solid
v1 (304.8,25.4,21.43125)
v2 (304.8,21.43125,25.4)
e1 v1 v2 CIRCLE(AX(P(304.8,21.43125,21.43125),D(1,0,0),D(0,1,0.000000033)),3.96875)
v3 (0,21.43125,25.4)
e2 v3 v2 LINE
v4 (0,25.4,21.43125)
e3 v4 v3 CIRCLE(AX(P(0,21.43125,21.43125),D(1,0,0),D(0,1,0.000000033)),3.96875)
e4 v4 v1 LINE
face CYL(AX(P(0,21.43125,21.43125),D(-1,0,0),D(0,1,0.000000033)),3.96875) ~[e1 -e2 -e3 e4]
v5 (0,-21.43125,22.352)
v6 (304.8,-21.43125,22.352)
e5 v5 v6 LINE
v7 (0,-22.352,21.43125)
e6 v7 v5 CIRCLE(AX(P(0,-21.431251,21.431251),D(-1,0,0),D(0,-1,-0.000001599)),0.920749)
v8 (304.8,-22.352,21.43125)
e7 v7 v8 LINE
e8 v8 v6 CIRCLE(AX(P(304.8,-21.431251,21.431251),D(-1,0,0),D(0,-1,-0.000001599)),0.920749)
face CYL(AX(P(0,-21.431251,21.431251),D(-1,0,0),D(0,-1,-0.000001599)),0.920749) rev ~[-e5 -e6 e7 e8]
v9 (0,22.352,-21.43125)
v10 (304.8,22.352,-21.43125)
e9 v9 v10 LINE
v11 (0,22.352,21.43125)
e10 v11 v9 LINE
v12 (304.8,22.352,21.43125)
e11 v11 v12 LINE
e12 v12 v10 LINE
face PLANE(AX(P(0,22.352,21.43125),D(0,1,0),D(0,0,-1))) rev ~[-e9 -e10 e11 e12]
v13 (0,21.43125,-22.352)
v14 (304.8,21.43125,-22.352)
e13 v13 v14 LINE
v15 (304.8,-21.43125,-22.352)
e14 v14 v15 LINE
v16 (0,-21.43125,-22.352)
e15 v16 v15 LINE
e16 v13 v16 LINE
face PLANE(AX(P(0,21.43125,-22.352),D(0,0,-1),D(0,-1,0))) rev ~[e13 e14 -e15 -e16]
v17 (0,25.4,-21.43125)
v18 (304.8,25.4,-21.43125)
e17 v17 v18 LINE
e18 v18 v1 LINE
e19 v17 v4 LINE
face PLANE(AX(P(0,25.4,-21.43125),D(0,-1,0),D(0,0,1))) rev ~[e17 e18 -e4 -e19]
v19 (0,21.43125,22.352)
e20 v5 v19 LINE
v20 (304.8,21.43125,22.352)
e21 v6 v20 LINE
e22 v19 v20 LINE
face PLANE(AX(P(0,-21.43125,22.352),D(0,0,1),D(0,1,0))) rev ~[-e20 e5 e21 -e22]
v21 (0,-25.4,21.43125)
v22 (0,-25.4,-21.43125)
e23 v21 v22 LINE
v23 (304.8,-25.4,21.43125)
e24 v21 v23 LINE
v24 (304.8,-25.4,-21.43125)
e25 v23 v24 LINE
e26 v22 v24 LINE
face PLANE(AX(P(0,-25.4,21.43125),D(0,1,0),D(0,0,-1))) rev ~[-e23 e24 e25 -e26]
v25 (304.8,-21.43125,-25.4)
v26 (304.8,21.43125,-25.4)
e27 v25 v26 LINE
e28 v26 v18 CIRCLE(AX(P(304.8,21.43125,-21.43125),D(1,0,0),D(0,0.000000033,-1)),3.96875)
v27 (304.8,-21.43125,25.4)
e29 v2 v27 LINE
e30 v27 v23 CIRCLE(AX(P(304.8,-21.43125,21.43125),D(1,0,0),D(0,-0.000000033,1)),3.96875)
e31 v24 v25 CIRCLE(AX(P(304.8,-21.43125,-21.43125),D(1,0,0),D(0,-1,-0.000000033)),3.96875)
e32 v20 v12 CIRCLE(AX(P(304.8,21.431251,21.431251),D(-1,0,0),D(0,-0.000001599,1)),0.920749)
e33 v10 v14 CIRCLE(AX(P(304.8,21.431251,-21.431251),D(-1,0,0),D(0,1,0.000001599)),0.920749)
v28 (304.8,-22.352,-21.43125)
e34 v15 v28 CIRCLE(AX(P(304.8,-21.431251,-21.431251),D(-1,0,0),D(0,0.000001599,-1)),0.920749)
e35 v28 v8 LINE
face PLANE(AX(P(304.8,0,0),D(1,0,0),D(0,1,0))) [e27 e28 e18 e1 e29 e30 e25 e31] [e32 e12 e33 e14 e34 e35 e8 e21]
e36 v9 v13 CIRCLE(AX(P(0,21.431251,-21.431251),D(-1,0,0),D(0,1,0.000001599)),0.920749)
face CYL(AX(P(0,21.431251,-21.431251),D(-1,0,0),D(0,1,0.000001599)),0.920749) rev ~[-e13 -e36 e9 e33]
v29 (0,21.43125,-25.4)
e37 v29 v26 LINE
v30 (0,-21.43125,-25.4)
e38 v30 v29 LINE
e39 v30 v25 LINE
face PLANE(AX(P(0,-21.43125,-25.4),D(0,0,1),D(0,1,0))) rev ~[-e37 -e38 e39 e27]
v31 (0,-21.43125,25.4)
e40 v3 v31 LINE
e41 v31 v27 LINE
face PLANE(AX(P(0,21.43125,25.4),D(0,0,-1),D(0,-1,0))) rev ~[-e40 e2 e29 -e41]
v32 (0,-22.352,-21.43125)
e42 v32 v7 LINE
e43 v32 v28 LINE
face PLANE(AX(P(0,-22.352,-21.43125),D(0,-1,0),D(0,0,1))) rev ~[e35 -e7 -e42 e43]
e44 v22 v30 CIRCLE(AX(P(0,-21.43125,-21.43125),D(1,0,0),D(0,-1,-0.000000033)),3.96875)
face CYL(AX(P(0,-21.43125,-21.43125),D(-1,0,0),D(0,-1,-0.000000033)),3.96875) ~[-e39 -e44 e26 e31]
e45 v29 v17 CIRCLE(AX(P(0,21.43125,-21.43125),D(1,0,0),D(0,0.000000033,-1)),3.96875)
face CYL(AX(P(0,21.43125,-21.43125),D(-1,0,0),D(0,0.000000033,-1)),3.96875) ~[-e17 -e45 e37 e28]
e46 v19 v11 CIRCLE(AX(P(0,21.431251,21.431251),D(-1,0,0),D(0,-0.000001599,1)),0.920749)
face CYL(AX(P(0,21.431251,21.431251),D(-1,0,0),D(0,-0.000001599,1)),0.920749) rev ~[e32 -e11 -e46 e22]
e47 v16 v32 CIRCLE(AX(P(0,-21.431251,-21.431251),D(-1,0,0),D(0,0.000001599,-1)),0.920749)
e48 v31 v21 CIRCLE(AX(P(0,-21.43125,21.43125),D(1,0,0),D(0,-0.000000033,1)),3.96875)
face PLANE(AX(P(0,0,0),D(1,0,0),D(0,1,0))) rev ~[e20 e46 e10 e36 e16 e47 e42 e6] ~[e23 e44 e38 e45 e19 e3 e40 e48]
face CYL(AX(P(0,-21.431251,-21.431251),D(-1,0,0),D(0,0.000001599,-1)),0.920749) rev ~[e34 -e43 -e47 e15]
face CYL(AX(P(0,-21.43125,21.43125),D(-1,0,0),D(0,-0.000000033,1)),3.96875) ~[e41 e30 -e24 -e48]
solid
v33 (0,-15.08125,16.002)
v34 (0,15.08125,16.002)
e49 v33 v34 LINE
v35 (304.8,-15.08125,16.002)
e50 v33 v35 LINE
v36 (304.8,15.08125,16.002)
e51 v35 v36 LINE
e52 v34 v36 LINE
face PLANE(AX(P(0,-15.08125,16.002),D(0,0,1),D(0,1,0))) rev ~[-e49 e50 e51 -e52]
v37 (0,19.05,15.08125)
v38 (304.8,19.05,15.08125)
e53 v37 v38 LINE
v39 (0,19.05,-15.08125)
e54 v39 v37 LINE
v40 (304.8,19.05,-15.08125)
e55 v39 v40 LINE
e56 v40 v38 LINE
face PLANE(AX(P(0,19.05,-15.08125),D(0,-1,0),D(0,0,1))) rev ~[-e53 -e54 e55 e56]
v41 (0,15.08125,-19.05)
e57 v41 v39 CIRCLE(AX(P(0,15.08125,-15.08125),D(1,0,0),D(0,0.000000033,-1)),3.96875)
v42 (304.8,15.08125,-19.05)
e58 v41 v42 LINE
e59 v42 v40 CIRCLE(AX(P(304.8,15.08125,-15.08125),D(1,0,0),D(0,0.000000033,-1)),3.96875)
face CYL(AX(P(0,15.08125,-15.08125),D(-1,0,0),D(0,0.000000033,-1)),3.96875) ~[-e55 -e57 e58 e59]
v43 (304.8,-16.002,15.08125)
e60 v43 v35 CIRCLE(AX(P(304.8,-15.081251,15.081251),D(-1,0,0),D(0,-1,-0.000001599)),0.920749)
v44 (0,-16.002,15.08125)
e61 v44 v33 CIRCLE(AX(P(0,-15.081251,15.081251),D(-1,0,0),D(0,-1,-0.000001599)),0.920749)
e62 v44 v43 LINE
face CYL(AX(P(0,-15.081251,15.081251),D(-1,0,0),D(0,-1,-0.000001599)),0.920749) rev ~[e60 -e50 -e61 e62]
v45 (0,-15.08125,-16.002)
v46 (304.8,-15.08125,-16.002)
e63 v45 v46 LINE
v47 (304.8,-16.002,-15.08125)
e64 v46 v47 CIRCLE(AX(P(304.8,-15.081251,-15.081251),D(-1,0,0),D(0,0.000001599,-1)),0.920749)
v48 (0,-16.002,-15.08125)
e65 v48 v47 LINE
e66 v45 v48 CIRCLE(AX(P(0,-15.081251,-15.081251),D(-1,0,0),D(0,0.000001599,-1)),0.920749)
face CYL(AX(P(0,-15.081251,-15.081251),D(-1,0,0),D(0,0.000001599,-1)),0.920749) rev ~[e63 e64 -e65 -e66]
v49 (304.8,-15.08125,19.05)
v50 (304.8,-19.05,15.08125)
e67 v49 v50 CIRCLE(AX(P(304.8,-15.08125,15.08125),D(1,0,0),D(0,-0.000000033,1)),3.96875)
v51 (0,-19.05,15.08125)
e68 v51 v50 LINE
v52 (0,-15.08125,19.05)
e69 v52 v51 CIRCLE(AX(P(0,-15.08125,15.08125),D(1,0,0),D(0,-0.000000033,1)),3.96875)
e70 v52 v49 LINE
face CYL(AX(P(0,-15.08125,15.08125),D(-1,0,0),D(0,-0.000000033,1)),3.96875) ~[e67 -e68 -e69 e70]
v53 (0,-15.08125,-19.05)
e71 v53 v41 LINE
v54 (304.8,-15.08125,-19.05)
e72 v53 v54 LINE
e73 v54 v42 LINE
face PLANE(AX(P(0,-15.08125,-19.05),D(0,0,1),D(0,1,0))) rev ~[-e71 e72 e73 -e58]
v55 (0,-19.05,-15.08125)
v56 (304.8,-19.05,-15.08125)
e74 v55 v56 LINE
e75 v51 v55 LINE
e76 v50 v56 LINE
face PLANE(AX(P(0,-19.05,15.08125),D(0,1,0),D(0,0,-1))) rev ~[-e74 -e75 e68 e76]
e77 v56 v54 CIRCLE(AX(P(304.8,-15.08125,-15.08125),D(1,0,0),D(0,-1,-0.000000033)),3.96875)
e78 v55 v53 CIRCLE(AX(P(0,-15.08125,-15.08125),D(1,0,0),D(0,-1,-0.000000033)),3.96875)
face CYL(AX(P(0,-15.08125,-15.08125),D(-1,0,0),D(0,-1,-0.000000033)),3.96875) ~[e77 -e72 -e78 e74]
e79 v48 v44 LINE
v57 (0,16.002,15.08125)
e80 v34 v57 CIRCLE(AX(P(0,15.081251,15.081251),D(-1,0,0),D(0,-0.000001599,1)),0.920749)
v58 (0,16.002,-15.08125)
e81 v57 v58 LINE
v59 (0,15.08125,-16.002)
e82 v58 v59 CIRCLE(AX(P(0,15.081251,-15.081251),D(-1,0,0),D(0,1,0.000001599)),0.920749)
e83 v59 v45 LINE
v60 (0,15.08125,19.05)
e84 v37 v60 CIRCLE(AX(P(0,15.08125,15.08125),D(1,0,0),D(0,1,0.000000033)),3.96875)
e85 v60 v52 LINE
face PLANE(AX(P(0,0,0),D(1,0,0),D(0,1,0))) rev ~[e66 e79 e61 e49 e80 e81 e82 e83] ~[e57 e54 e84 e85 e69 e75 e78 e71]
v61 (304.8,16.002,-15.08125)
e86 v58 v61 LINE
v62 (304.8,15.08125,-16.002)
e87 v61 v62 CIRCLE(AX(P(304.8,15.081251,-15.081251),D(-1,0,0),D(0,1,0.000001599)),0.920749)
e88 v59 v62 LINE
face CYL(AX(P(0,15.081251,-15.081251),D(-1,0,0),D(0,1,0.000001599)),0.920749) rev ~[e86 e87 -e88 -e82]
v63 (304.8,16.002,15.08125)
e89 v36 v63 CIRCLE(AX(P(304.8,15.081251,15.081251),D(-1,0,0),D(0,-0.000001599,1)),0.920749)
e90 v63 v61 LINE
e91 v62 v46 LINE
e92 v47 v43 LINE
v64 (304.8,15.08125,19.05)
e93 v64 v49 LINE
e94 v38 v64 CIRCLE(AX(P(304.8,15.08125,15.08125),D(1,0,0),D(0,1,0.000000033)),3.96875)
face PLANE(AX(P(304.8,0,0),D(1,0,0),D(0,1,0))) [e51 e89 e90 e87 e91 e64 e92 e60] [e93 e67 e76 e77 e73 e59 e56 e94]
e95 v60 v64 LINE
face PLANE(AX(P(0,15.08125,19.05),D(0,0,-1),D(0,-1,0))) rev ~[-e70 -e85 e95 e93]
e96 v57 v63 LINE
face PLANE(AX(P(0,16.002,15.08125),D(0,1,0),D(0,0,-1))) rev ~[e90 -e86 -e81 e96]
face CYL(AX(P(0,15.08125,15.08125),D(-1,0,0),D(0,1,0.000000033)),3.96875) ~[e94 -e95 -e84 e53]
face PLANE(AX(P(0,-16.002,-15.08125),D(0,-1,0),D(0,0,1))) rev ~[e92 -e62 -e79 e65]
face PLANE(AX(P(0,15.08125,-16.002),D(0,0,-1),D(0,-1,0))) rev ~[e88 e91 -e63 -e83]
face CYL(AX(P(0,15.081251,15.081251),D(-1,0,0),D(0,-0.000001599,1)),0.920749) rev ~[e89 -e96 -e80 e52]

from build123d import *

# Parameters (mm, degrees)
F1_DEPTH = 304.8
F3_DEPTH = 304.8


with BuildPart() as f1:
    # F0 (on Right) → F1 (new body)
    with BuildSketch(Plane.YZ):
        with BuildLine():
            Line((21.43125, 25.4), (-21.43125, 25.4))
            ThreePointArc((-21.43125, 25.4), (-24.23758, 24.23758), (-25.4, 21.43125))
            Line((-25.4, 21.43125), (-25.4, -21.43125))
            ThreePointArc((-25.4, -21.43125), (-24.23758, -24.23758), (-21.43125, -25.4))
            Line((-21.43125, -25.4), (21.43125, -25.4))
            ThreePointArc((21.43125, -25.4), (24.23758, -24.23758), (25.4, -21.43125))
            Line((25.4, -21.43125), (25.4, 21.43125))
            ThreePointArc((25.4, 21.43125), (24.23758, 24.23758), (21.43125, 25.4))
        make_face()
        with BuildLine():
            Line((21.43125, -22.352), (-21.43125, -22.352))
            ThreePointArc((-21.43125, -22.352), (-22.082319, -22.082319), (-22.352, -21.43125))
            Line((-22.352, -21.43125), (-22.352, 21.43125))
            ThreePointArc((-22.352, 21.43125), (-22.082319, 22.082319), (-21.43125, 22.352))
            Line((-21.43125, 22.352), (21.43125, 22.352))
            ThreePointArc((21.43125, 22.352), (22.082319, 22.082319), (22.352, 21.43125))
            Line((22.352, 21.43125), (22.352, -21.43125))
            ThreePointArc((22.352, -21.43125), (22.082319, -22.082319), (21.43125, -22.352))
        make_face(mode=Mode.SUBTRACT)
    extrude(amount=F1_DEPTH)


with BuildPart() as f3:
    # F2 (on Right) → F3 (new body)
    with BuildSketch(Plane.YZ):
        with BuildLine():
            ThreePointArc((19.05, 15.08125), (17.88758, 17.88758), (15.08125, 19.05))
            Line((15.08125, 19.05), (-15.08125, 19.05))
            ThreePointArc((-15.08125, 19.05), (-17.88758, 17.88758), (-19.05, 15.08125))
            Line((-19.05, 15.08125), (-19.05, -15.08125))
            ThreePointArc((-19.05, -15.08125), (-17.88758, -17.88758), (-15.08125, -19.05))
            Line((-15.08125, -19.05), (15.08125, -19.05))
            ThreePointArc((15.08125, -19.05), (17.88758, -17.88758), (19.05, -15.08125))
            Line((19.05, -15.08125), (19.05, 15.08125))
        make_face()
        with BuildLine():
            Line((-15.08125, 16.002), (15.08125, 16.002))
            ThreePointArc((15.08125, 16.002), (15.732319, 15.732319), (16.002, 15.08125))
            Line((16.002, 15.08125), (16.002, -15.08125))
            ThreePointArc((16.002, -15.08125), (15.732319, -15.732319), (15.08125, -16.002))
            Line((15.08125, -16.002), (-15.08125, -16.002))
            ThreePointArc((-15.08125, -16.002), (-15.732319, -15.732319), (-16.002, -15.08125))
            Line((-16.002, -15.08125), (-16.002, 15.08125))
            ThreePointArc((-16.002, 15.08125), (-15.732319, 15.732319), (-15.08125, 16.002))
        make_face(mode=Mode.SUBTRACT)
    extrude(amount=F3_DEPTH)


solid = Compound([f1.part, f3.part])
